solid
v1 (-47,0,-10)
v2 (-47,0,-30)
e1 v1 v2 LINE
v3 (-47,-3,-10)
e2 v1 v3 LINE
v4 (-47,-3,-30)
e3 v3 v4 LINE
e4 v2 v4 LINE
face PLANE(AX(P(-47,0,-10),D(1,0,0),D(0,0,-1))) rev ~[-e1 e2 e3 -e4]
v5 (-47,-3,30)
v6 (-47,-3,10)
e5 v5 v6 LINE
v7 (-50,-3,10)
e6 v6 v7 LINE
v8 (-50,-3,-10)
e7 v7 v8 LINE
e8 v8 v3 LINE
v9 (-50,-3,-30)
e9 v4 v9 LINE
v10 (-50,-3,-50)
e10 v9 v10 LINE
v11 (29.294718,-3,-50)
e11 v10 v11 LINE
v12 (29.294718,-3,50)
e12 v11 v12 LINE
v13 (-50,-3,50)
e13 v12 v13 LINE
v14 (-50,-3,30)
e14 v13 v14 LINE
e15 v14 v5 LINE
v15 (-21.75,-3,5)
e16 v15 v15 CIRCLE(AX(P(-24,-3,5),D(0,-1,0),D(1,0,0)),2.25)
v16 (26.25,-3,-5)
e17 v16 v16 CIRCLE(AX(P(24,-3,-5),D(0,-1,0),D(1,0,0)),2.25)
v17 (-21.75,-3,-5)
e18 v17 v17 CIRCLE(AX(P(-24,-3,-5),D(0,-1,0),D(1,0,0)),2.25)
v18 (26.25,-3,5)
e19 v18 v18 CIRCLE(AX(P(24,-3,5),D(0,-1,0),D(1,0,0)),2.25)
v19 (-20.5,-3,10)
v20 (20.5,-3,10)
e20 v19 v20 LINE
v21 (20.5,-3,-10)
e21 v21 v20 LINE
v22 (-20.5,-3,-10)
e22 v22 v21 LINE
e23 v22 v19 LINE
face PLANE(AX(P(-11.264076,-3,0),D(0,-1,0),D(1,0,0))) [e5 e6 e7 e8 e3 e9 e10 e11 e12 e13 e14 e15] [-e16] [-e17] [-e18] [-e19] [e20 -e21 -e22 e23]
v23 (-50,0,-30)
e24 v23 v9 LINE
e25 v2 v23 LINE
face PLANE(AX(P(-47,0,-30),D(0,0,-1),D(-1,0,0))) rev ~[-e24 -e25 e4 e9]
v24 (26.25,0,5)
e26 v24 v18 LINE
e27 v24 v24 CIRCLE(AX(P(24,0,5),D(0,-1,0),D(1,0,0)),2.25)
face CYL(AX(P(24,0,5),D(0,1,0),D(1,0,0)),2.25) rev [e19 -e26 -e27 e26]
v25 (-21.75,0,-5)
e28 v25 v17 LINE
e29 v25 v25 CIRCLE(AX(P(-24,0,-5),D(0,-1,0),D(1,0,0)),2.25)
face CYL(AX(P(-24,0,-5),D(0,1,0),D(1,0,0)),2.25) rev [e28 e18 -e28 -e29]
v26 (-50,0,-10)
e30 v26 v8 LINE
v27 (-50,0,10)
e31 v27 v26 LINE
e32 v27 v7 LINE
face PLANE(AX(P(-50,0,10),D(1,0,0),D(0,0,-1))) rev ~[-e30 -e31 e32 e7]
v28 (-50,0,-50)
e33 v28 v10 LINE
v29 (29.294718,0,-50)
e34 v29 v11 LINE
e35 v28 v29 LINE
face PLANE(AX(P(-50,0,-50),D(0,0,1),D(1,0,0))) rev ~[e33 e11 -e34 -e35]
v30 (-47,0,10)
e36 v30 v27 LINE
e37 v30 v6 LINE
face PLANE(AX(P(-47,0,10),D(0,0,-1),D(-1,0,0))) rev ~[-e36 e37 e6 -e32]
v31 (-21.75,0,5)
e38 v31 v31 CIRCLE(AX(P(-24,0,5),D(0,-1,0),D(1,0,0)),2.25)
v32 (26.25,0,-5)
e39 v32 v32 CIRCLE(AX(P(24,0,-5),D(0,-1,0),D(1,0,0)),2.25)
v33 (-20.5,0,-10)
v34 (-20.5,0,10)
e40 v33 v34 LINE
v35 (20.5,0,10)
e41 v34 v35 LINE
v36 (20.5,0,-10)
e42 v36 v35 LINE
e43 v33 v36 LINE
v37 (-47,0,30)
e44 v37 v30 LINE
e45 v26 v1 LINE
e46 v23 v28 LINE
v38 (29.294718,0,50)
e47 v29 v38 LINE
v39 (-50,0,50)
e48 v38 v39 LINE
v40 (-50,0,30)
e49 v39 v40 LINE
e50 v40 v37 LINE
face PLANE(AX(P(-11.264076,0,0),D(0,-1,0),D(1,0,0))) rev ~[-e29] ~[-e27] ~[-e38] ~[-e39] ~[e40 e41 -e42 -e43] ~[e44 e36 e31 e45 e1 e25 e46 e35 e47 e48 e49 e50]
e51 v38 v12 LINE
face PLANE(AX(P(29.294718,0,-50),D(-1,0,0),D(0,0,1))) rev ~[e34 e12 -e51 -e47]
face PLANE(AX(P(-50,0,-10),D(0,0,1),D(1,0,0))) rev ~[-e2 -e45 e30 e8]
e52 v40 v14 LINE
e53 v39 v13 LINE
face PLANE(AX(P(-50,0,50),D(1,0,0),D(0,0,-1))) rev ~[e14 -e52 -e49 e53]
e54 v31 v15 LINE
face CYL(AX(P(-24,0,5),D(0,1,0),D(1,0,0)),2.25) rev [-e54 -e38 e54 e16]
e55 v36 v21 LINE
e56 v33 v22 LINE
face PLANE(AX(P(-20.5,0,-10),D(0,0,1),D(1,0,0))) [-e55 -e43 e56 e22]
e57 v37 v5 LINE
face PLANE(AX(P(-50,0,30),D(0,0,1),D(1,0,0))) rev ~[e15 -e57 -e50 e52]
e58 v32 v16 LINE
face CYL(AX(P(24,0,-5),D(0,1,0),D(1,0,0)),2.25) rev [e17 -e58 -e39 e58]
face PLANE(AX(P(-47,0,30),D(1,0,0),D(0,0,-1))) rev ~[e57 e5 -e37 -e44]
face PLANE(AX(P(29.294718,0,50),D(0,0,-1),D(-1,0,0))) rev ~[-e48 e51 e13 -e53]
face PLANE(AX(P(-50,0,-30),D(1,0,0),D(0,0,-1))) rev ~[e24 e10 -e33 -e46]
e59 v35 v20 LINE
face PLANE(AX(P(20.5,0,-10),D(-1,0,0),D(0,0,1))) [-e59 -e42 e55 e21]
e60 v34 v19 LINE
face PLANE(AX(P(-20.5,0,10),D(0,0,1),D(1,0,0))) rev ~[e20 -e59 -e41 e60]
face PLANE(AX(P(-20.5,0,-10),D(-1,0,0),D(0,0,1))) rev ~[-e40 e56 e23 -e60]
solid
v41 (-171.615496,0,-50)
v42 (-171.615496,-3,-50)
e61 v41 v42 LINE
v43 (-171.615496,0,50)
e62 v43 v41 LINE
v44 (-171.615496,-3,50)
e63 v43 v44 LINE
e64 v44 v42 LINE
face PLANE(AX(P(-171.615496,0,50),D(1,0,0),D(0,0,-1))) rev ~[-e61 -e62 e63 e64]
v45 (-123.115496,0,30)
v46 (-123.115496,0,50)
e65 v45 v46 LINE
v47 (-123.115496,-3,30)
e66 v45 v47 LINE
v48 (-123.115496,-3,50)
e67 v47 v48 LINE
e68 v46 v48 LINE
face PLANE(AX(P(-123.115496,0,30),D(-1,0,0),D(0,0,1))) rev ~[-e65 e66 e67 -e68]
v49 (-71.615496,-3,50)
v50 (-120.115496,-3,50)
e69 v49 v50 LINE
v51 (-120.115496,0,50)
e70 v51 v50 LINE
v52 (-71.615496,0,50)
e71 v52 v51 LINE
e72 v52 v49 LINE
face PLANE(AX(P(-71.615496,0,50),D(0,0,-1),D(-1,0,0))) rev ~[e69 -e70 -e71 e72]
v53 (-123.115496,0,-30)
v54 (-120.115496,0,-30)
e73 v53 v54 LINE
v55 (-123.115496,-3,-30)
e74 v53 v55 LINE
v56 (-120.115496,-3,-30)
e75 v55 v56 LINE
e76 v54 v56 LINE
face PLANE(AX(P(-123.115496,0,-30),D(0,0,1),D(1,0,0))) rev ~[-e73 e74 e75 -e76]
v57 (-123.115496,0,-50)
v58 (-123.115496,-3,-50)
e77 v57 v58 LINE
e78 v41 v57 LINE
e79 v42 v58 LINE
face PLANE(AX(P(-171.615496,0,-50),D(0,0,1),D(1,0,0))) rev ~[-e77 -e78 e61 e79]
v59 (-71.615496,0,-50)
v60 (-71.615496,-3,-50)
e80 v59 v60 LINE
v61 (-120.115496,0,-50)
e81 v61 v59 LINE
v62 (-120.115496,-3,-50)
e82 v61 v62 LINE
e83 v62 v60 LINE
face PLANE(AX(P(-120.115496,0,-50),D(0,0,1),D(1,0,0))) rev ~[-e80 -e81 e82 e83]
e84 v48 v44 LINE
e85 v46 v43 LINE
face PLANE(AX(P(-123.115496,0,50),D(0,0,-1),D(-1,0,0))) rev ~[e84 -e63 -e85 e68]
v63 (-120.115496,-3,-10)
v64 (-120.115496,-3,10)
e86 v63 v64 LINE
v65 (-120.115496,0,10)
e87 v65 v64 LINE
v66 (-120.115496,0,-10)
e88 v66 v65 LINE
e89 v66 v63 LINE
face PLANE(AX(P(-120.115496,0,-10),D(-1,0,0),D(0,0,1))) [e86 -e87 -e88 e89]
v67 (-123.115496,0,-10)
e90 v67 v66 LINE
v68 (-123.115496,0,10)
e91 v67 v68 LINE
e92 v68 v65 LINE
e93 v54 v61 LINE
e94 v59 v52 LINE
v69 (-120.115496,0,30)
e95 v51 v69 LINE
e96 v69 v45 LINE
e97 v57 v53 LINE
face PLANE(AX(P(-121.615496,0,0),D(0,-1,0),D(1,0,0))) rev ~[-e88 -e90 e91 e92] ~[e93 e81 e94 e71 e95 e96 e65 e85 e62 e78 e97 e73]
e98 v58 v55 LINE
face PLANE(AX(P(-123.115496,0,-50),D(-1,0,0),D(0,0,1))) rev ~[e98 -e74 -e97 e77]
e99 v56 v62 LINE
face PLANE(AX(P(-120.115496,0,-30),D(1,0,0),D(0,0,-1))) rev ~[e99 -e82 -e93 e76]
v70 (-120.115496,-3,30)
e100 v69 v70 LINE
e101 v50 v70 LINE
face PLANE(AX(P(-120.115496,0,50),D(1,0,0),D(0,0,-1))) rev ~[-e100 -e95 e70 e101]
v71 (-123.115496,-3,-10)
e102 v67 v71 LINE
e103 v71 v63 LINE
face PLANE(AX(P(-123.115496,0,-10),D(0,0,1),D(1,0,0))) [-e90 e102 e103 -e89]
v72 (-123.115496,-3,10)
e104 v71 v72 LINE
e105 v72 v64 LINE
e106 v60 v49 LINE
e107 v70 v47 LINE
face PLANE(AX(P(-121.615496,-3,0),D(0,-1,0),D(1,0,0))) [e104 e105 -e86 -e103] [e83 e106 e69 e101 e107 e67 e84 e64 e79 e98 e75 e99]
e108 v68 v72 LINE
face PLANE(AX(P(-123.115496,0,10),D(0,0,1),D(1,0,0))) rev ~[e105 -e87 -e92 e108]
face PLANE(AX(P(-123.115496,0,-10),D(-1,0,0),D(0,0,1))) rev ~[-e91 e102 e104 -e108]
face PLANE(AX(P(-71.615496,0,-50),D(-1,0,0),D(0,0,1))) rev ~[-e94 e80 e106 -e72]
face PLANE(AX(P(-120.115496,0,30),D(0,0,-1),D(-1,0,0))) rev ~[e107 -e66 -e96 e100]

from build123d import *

# Parameters (mm, degrees)
F0_R     = 2.25
F0_W     = 41
F0_H     = 20
F0_W_2   = 3
F1_DEPTH = 3


with BuildPart() as f1:
    # F0 (on Front) → F1 (new body)
    with BuildSketch(Plane.XZ):
        Polygon((29.294718, 50), (-50, 50), (-50, 30), (-47, 30), (-47, 10), (-50, 10), (-50, -10), (-47, -10), (-47, -30), (-50, -30), (-50, -50), (29.294718, -50), align=None)
        with Locations((-24, -5)):
            Circle(F0_R, mode=Mode.SUBTRACT)
        with Locations((24, -5)):
            Circle(F0_R, mode=Mode.SUBTRACT)
        with Locations((-24, 5)):
            Circle(F0_R, mode=Mode.SUBTRACT)
        Rectangle(F0_W, F0_H, mode=Mode.SUBTRACT)
        with Locations((24, 5)):
            Circle(F0_R, mode=Mode.SUBTRACT)
        Polygon((-71.615496, -50), (-71.615496, 50), (-120.115496, 50), (-120.115496, 30), (-123.115496, 30), (-123.115496, 50), (-171.615496, 50), (-171.615496, -50), (-123.115496, -50), (-123.115496, -30), (-120.115496, -30), (-120.115496, -50), align=None)
        with Locations((-121.615496, 0)):
            Rectangle(F0_W_2, F0_H, mode=Mode.SUBTRACT)
    extrude(amount=F1_DEPTH)


solid = f1.part
